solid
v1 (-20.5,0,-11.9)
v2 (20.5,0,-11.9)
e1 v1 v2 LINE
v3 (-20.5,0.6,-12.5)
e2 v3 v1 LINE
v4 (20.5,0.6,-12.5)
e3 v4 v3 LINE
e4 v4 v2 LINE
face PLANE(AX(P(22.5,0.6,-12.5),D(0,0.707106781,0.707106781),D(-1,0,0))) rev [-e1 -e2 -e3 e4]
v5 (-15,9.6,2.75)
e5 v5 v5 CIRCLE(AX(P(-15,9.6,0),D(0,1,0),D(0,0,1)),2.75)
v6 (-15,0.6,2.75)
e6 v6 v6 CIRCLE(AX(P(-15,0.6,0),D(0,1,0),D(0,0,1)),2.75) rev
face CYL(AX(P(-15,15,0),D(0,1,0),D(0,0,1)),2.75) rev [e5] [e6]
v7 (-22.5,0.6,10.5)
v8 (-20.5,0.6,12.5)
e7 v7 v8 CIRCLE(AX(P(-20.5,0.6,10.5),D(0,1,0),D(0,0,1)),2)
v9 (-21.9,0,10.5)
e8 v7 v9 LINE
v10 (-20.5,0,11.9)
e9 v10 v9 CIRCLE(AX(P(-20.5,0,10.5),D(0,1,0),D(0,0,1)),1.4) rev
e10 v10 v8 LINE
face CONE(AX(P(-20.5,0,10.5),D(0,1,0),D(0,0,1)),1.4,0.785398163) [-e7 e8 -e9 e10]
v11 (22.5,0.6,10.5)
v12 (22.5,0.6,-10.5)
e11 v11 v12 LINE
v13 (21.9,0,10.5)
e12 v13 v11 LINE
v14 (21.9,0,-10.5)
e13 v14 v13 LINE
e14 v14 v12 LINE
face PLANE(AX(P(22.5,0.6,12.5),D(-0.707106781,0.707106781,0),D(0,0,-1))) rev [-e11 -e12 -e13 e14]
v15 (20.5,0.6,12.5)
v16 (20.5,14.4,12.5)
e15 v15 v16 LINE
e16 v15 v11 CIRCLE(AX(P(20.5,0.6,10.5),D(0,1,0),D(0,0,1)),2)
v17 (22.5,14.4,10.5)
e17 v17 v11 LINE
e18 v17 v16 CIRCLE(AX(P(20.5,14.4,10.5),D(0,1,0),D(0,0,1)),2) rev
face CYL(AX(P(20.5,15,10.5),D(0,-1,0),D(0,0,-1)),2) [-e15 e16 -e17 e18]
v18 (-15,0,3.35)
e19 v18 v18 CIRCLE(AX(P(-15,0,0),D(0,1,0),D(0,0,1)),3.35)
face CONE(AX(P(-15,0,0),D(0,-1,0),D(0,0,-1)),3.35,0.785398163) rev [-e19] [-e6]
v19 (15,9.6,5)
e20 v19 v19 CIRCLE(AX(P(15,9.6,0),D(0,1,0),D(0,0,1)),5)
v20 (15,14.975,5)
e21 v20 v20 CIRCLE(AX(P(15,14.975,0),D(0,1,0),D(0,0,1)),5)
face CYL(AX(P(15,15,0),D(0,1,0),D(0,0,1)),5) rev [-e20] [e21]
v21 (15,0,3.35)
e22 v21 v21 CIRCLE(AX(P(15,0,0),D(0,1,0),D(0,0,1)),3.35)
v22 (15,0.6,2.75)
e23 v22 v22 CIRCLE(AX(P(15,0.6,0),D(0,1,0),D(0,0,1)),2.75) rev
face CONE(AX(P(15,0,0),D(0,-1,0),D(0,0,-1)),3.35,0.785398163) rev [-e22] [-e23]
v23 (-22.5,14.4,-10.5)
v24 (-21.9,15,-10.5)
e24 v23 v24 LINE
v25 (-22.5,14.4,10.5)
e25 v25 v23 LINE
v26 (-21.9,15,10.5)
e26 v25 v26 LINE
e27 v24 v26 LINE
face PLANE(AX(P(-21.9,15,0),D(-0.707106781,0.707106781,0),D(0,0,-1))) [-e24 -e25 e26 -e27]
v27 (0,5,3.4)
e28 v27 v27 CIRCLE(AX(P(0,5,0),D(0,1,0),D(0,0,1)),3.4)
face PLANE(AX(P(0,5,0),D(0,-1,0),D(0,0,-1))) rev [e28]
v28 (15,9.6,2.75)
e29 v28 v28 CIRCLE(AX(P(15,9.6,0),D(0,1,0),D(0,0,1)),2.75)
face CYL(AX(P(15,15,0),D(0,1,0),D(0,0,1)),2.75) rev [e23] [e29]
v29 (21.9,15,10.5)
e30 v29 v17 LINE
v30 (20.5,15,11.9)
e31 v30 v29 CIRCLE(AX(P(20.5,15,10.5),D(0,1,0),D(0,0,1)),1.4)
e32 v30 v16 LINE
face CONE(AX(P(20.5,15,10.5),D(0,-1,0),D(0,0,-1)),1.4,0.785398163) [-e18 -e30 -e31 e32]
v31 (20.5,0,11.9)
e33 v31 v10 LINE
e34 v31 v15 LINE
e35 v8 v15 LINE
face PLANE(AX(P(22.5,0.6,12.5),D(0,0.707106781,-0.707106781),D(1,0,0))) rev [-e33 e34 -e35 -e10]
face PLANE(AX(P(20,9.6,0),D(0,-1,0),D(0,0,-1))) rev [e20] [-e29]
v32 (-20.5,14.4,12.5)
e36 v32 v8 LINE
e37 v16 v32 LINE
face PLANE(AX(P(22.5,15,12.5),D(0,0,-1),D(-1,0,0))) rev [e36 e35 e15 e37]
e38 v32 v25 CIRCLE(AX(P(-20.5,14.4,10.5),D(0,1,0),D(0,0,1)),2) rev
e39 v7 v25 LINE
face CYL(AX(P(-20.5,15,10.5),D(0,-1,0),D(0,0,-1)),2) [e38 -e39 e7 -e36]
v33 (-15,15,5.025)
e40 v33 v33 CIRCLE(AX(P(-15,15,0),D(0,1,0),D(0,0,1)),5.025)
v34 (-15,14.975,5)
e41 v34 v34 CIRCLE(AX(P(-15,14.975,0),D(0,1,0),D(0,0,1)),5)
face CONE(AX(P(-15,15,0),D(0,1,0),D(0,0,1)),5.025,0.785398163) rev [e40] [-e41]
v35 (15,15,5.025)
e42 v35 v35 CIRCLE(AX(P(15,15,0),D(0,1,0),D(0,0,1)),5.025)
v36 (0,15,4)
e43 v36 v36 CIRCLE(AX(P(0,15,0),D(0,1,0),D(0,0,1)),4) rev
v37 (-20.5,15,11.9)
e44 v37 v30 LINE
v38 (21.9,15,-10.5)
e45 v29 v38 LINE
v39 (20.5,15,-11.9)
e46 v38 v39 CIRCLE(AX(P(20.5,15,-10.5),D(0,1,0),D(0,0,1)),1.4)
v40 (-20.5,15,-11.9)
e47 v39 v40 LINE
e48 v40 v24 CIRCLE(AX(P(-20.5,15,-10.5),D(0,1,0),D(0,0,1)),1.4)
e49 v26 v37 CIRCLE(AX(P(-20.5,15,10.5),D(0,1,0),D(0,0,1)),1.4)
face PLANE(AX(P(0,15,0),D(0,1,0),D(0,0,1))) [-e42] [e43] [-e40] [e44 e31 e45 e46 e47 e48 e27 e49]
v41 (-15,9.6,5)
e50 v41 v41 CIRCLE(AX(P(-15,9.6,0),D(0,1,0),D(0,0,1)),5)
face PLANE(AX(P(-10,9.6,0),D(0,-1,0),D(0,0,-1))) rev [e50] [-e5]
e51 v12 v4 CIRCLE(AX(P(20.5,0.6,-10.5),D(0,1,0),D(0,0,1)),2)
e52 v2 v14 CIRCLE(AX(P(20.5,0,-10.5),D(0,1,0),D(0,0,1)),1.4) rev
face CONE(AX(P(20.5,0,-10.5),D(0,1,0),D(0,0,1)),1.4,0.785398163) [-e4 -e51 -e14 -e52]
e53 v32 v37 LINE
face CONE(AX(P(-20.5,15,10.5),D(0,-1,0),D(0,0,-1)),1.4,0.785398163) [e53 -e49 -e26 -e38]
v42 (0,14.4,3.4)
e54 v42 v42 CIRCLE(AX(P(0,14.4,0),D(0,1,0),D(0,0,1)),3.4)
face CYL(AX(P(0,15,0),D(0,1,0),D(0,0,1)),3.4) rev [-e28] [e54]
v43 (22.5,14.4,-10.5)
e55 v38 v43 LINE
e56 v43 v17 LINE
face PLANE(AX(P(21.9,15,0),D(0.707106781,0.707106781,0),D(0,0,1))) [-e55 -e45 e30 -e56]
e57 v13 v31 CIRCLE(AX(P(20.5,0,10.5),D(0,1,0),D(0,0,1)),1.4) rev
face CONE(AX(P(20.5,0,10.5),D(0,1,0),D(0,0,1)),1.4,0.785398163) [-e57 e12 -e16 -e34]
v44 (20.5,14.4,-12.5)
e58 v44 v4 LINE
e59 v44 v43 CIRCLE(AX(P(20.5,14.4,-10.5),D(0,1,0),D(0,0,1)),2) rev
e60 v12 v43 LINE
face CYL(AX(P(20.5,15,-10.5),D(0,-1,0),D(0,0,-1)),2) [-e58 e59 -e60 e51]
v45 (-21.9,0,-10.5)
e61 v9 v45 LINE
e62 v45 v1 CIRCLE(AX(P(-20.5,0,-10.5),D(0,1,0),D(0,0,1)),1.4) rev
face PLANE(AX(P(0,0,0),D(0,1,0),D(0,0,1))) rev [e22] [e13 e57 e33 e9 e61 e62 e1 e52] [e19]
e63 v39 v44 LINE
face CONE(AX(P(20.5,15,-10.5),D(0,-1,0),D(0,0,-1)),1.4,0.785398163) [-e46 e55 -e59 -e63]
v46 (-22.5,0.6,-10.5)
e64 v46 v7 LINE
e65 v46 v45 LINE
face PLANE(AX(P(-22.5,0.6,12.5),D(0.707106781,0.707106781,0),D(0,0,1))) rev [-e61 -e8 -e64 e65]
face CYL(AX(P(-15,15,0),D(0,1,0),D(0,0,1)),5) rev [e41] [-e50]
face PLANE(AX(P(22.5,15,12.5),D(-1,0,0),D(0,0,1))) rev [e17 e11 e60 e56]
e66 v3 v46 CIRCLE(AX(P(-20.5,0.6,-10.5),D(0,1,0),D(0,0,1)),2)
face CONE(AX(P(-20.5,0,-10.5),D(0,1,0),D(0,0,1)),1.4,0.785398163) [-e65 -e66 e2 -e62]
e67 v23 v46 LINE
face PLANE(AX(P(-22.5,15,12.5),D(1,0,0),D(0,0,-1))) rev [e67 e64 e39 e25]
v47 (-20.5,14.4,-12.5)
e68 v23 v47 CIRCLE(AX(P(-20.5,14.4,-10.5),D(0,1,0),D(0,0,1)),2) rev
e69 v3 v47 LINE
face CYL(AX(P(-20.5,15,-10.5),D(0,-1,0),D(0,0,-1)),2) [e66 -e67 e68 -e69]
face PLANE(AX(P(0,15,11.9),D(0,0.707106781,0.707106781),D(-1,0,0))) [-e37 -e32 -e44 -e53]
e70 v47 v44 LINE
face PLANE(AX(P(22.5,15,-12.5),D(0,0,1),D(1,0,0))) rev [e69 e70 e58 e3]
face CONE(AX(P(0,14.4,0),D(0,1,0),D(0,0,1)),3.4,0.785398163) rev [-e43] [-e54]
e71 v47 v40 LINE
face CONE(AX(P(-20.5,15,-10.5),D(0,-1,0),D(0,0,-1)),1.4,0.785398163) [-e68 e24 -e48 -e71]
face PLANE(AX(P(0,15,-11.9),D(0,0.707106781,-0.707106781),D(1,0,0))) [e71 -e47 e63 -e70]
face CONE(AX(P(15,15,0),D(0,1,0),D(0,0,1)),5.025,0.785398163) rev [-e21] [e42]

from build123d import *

# Parameters (mm, degrees)
SKETCH1_W                                    = 45
SKETCH1_H                                    = 25
BOSS_EXTRUDE1_DEPTH                          = 15
HOLE1_D                                      = 6.8
HOLE1_DEPTH                                  = 10
CBORE_FOR_M5_HEX_SOCKET_HEAD_CAP_SCR_2_COUNT = 2
CBORE_FOR_M5_HEX_SOCKET_HEAD_CAP_SCR_2_PITCH = 30
FILLET1_R                                    = 2
CHAMFER1_SIZE                                = 0.6


with BuildPart() as part:
    # Sketch1 → Boss-Extrude1 (new body)
    with BuildSketch(Plane(origin=(0, 0, 0), x_dir=(1, 0, 0), z_dir=(0, 1, 0))):
        Rectangle(SKETCH1_W, SKETCH1_H)
    extrude(amount=BOSS_EXTRUDE1_DEPTH)

    # Hole1
    with Locations(Plane(origin=(0, 15, 0), x_dir=(1, 0, 0), z_dir=(0, 1, 0))):
        with Locations((0, 0)):
            Hole(HOLE1_D / 2, depth=HOLE1_DEPTH)

    # Sketch7 → CBORE for M5 Hex Socket Head Cap Screw1 (revolve, cut)
    with BuildSketch(Plane(origin=(15, 15, 0), x_dir=(0, 0, 1), z_dir=(1, 0, 0))):
        Polygon((0, 0), (0, 15), (2.75, 15), (2.75, 5.4), (5, 5.4), (5, 0.025), (5.025, 0), align=None)
    cbore_for_m5_hex_socket_head_cap_screw1 = revolve(axis=Axis((15, 21.35, 0), (0, -1, 0)), mode=Mode.SUBTRACT)

    # CBORE for M5 Hex Socket Head Cap Scr 2: CBORE for M5 Hex Socket Head Cap Screw1 ×2
    with Locations(*[(-i * CBORE_FOR_M5_HEX_SOCKET_HEAD_CAP_SCR_2_PITCH, 0, 0) for i in range(1, CBORE_FOR_M5_HEX_SOCKET_HEAD_CAP_SCR_2_COUNT)]):
        add(cbore_for_m5_hex_socket_head_cap_screw1, mode=Mode.SUBTRACT)

    # Fillet1
    fillet1_edges = [part.edges().sort_by_distance(p)[0] for p in [
        (-22.5, 7.5, -12.5),
        (22.5, 7.5, -12.5),
        (22.5, 7.5, 12.5),
        (-22.5, 7.5, 12.5),
    ]]
    fillet(fillet1_edges, radius=FILLET1_R)

    # Chamfer1
    chamfer1_edges = [part.edges().sort_by_distance(p)[0] for p in [
        (3.4, 15, 0),
        (15, 0, -2.75),
        (-15, 0, -2.75),
        (-22.5, 0, 0),
        (-22.5, 15, 0),
        (0, 0, -12.5),
        (22.5, 0, 0),
        (0, 0, 12.5),
        (21.914213562, 0, 11.914213562),
        (21.914213562, 0, -11.914213562),
        (-21.914213562, 0, 11.914213562),
        (-21.914213562, 0, -11.914213562),
        (0, 15, -12.5),
        (0, 15, 12.5),
        (22.5, 15, 0),
        (21.914213562, 15, 11.914213562),
        (21.914213562, 15, -11.914213562),
        (-21.914213562, 15, 11.914213562),
        (-21.914213562, 15, -11.914213562),
    ]]
    chamfer(chamfer1_edges, length=CHAMFER1_SIZE)


solid = part.part
